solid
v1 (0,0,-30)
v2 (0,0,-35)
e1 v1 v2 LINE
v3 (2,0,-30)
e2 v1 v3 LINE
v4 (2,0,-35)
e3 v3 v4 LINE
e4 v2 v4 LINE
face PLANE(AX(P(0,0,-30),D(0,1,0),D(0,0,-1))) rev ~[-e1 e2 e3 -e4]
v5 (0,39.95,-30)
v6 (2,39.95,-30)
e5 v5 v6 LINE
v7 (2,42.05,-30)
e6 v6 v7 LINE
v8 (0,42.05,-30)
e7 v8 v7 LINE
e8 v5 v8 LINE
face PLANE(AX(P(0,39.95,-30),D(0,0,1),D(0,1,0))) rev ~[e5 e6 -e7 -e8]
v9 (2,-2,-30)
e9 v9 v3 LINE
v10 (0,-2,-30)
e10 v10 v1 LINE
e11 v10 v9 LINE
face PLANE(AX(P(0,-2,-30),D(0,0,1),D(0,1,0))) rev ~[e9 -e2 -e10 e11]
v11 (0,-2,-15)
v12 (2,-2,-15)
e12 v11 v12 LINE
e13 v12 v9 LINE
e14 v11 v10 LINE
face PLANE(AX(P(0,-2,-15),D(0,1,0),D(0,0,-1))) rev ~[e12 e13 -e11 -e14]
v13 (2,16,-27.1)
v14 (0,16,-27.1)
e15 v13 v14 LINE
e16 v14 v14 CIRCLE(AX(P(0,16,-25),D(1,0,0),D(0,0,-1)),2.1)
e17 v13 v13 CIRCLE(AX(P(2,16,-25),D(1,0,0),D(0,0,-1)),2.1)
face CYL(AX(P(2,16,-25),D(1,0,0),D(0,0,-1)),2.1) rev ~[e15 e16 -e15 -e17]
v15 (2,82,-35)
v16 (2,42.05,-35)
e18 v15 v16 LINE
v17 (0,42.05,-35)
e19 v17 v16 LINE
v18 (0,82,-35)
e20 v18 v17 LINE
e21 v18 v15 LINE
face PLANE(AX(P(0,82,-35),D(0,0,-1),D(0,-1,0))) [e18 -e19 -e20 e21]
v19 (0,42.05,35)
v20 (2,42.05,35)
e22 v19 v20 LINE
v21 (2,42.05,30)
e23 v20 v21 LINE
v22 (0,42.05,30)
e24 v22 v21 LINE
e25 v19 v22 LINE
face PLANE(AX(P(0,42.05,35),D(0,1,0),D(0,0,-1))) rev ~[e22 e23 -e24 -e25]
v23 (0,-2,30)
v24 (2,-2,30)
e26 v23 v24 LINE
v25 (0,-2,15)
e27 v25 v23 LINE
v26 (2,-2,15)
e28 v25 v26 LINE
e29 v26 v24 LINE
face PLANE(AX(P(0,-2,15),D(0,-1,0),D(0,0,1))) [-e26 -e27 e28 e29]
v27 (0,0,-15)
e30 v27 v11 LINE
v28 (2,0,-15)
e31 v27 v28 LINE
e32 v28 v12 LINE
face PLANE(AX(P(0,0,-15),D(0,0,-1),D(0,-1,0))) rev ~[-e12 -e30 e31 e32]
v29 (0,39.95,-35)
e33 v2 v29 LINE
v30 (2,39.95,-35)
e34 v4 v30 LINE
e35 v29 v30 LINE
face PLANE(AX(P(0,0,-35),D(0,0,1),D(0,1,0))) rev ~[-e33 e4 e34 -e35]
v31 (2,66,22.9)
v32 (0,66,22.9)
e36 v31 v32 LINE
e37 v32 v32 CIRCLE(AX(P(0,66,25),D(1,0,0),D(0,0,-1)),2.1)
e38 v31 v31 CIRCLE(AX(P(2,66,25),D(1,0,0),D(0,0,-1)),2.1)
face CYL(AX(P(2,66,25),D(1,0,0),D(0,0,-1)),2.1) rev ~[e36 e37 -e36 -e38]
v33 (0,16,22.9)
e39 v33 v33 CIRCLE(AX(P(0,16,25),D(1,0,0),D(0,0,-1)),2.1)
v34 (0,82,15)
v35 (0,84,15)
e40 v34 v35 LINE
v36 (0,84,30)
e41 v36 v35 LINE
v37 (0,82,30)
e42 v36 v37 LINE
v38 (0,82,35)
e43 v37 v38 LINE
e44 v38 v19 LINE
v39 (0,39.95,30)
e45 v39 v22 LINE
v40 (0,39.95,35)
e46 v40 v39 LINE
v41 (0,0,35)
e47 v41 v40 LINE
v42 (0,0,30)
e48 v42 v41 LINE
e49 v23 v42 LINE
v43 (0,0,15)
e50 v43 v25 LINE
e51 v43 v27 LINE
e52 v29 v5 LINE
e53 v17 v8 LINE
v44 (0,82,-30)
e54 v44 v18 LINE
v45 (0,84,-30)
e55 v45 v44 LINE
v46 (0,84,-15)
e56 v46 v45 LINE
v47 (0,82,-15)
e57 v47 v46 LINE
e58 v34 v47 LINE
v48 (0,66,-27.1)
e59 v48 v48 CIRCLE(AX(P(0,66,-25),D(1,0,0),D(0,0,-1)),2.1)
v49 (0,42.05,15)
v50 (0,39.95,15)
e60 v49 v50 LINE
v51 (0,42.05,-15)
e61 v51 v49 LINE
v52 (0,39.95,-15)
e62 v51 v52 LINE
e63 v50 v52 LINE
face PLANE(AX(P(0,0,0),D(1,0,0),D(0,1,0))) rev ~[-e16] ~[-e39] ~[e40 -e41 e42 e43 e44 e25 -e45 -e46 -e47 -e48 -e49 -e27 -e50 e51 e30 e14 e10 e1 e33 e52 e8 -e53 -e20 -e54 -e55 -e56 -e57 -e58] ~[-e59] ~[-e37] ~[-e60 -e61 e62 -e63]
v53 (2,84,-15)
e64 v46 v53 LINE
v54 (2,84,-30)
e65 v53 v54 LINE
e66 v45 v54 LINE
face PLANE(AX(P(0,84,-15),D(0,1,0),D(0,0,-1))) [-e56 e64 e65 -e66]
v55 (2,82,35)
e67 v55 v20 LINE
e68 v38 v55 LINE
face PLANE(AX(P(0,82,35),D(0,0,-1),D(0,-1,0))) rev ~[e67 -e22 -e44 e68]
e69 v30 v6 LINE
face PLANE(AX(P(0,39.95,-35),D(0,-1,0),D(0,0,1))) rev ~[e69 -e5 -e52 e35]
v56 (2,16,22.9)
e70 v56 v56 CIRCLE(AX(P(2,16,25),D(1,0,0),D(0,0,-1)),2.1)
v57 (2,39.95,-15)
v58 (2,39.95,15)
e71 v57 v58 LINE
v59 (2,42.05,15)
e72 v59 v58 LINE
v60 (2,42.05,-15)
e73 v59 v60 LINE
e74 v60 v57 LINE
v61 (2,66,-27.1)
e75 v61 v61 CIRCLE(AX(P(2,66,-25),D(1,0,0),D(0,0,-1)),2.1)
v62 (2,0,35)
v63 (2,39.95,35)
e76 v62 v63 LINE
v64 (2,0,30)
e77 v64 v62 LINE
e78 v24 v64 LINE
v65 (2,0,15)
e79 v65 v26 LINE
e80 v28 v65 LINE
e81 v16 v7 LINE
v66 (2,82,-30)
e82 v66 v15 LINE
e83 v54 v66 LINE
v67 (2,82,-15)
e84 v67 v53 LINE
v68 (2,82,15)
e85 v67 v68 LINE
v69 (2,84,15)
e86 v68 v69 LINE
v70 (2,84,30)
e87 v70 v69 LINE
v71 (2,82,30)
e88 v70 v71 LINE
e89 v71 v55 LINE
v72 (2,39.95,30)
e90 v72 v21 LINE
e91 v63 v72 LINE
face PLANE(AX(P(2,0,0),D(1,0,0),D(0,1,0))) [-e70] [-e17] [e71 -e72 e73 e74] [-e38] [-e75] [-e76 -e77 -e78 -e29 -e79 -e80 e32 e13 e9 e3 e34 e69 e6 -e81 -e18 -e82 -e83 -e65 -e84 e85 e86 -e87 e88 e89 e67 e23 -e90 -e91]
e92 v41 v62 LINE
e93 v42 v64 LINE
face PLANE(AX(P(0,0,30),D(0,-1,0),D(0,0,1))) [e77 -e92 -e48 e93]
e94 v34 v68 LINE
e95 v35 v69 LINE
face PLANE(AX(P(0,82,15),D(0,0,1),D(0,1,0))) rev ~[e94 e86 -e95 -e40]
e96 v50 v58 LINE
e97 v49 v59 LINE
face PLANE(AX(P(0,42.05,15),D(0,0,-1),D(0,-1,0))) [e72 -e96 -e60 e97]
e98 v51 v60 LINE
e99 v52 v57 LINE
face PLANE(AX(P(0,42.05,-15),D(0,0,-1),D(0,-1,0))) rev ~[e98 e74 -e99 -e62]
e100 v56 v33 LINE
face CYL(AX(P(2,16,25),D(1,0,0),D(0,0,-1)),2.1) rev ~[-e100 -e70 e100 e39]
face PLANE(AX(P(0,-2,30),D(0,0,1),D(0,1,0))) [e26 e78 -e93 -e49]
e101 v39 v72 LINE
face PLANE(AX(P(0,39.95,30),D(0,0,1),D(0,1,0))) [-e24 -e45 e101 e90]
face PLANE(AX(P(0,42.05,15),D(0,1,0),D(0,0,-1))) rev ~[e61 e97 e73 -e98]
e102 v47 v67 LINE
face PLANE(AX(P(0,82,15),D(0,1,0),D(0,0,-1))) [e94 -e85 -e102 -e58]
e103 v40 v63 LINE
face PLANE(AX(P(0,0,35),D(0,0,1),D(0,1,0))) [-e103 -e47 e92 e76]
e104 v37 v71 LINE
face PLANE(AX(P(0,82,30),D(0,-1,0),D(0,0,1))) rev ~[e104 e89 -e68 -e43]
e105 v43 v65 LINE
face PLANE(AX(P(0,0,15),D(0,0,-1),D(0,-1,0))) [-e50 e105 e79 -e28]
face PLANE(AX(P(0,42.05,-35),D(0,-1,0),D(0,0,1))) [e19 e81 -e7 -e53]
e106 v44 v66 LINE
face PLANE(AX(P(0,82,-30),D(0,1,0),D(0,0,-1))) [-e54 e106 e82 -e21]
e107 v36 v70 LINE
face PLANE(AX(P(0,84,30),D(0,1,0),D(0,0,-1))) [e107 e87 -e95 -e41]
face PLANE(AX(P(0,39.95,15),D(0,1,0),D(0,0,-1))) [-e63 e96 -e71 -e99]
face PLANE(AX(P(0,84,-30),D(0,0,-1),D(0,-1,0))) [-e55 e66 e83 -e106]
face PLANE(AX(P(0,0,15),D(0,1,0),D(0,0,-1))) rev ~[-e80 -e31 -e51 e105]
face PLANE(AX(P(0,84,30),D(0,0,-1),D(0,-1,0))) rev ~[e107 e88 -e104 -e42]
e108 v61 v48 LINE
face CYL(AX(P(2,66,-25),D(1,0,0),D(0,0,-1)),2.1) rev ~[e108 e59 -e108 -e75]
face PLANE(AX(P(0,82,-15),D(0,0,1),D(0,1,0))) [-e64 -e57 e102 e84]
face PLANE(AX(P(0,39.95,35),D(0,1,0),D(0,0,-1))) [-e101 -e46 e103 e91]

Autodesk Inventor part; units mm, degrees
ref_plane "YZ Plane" through (0, 0, 0) normal (1, 0, 0) x (0, 1, 0)
ref_plane "XZ Plane" through (0, 0, 0) normal (0, 1, 0) x (-1, 0, 0)
ref_plane "XY Plane" through (0, 0, 0) normal (0, 0, 1) x (1, 0, 0)
sketch "Sketch1" plane through (0, 0, 0) normal (1, 0, 0) x (0, 1, 0)
  line L0 (0, 15) -> (0, 0)
  line L1 (0, 15) -> (-2, 15)
  line L2 (-2, 15) -> (-2, 30)
  line L3 (-2, 30) -> (0, 30)
  line L4 (0, 30) -> (0, 35)
  line L5 (0, 35) -> (39.95, 35)
  line L6 (20, 0) -> (0, 0) construction
  line L7 (39.95, 35) -> (39.95, 30)
  line L8 (39.95, 30) -> (42.05, 30)
  line L9 (42.05, 15) -> (39.95, 15)
  line L10 (39.95, 15) -> (39.95, 0)
  line L11 (39.95, 0) -> (20, 0) construction
  line L12 (0, -15) -> (0, 0)
  line L13 (0, -15) -> (-2, -15)
  line L14 (-2, -15) -> (-2, -30)
  line L15 (-2, -30) -> (0, -30)
  line L16 (0, -30) -> (0, -35)
  line L17 (0, -35) -> (39.95, -35)
  line L18 (39.95, -35) -> (39.95, -30)
  line L19 (39.95, -30) -> (42.05, -30)
  line L20 (42.05, -15) -> (39.95, -15)
  line L21 (39.95, -15) -> (39.95, 0)
  line L22 (41, 30) -> (41, -30) construction
  line L23 (82, 15) -> (82, 0)
  line L24 (82, 15) -> (84, 15)
  line L25 (84, 30) -> (82, 30)
  line L26 (82, 30) -> (82, 35)
  line L27 (82, 35) -> (42.05, 35)
  line L28 (42.05, 35) -> (42.05, 30)
  line L29 (42.05, 15) -> (42.05, 0)
  line L30 (42.05, -35) -> (42.05, -30)
  line L31 (42.05, -15) -> (42.05, 0)
  line L32 (82, -15) -> (84, -15)
  line L33 (84, -15) -> (84, -30)
  line L34 (84, -30) -> (82, -30)
  line L35 (82, -30) -> (82, -35)
  line L36 (82, -15) -> (82, 0)
  line L37 (82, -35) -> (42.05, -35)
  line L38 (84, 30) -> (84, 15)
  dimension "d3" = 15
  dimension "d6" = 20
  dimension "d7" = 35
  dimension "d8" = 15
  dimension "d9" = 2
  dimension "d17" = 2.1
  dimension "d23" = 41
extrude "Wyciągnięcie proste1" add sketch "Sketch1" along normal blind 2
sketch "Szkic3" plane through (2, 0, 0) normal (1, 0, 0) x (0, 0, -1)
  line L0 (-25, 16) -> (25, 16) construction
  line L1 (25, 16) -> (25, 66) construction
  line L2 (25, 66) -> (-25, 66) construction
  line L3 (-25, 66) -> (-25, 16) construction
  line L4 (-25, 16) -> (25, 66) construction
  line L5 (25, 16) -> (-25, 66) construction
  line L6 (0, 41) -> (0, 42.05) construction
  line L7 (-15, 42.05) -> (15, 42.05) construction
  line L8 (0, 41) -> (15, 41) construction
  line L9 (15, 42.05) -> (15, 39.95) construction
  circle A0 centre (-25, 66) radius 2.1
  circle A1 centre (25, 66) radius 2.1
  circle A2 centre (25, 16) radius 2.1
  circle A3 centre (-25, 16) radius 2.1
  point P0 (0, 0)
  dimension "d18" = 4.2
  dimension "d19" = 50
  dimension "d20" = 50
extrude "Wyciągnięcie proste2" cut sketch "Szkic3" against normal up to surface (2 mm away)
sketch "Sketch4" plane through (2, 0, 0) normal (1, 0, 0) x (0, 0, -1)
  circle A0 centre (25, 16) radius 2.1 projected
  circle A1 centre (-25, 16) radius 2.1 projected
  circle A2 centre (25, 66) radius 2.1 projected
  circle A3 centre (-25, 66) radius 2.1 projected
  line L0 (-15, 42.05) -> (15, 42.05) projected
  line L1 (15, 42.05) -> (15, 39.95) projected
  line L2 (15, 39.95) -> (-15, 39.95) projected
  line L3 (-15, 39.95) -> (-15, 42.05) projected
  line L4 (-15, 0) -> (15, 0) projected
  line L5 (15, 0) -> (15, -2) projected
  line L6 (15, -2) -> (30, -2) projected
  line L7 (30, -2) -> (30, 0) projected
  line L8 (30, 0) -> (35, 0) projected
  line L9 (35, 0) -> (35, 39.95) projected
  line L10 (35, 39.95) -> (30, 39.95) projected
  line L11 (30, 39.95) -> (30, 42.05) projected
  line L12 (30, 42.05) -> (35, 42.05) projected
  line L13 (35, 42.05) -> (35, 82) projected
  line L14 (35, 82) -> (30, 82) projected
  line L15 (30, 82) -> (30, 84) projected
  line L16 (30, 84) -> (15, 84) projected
  line L17 (15, 84) -> (15, 82) projected
  line L18 (15, 82) -> (-15, 82) projected
  line L19 (-15, 82) -> (-15, 84) projected
  line L20 (-15, 84) -> (-30, 84) projected
  line L21 (-30, 84) -> (-30, 82) projected
  line L22 (-30, 82) -> (-35, 82) projected
  line L23 (-35, 82) -> (-35, 42.05) projected
  line L24 (-35, 42.05) -> (-30, 42.05) projected
  line L25 (-30, 42.05) -> (-30, 39.95) projected
  line L26 (-30, 39.95) -> (-35, 39.95) projected
  line L27 (-35, 39.95) -> (-35, 0) projected
  line L28 (-35, 0) -> (-30, 0) projected
  line L29 (-30, 0) -> (-30, -2) projected
  line L30 (-30, -2) -> (-15, -2) projected
  line L31 (-15, -2) -> (-15, 0) projected
  point P0 (0, 0)
equation "\"d6\" = 0.5 * d10"
equation "\"d10\" = 40"
properties part number "CH_01_0010_syringe_pump_servo" material "Aluminum 6061"
